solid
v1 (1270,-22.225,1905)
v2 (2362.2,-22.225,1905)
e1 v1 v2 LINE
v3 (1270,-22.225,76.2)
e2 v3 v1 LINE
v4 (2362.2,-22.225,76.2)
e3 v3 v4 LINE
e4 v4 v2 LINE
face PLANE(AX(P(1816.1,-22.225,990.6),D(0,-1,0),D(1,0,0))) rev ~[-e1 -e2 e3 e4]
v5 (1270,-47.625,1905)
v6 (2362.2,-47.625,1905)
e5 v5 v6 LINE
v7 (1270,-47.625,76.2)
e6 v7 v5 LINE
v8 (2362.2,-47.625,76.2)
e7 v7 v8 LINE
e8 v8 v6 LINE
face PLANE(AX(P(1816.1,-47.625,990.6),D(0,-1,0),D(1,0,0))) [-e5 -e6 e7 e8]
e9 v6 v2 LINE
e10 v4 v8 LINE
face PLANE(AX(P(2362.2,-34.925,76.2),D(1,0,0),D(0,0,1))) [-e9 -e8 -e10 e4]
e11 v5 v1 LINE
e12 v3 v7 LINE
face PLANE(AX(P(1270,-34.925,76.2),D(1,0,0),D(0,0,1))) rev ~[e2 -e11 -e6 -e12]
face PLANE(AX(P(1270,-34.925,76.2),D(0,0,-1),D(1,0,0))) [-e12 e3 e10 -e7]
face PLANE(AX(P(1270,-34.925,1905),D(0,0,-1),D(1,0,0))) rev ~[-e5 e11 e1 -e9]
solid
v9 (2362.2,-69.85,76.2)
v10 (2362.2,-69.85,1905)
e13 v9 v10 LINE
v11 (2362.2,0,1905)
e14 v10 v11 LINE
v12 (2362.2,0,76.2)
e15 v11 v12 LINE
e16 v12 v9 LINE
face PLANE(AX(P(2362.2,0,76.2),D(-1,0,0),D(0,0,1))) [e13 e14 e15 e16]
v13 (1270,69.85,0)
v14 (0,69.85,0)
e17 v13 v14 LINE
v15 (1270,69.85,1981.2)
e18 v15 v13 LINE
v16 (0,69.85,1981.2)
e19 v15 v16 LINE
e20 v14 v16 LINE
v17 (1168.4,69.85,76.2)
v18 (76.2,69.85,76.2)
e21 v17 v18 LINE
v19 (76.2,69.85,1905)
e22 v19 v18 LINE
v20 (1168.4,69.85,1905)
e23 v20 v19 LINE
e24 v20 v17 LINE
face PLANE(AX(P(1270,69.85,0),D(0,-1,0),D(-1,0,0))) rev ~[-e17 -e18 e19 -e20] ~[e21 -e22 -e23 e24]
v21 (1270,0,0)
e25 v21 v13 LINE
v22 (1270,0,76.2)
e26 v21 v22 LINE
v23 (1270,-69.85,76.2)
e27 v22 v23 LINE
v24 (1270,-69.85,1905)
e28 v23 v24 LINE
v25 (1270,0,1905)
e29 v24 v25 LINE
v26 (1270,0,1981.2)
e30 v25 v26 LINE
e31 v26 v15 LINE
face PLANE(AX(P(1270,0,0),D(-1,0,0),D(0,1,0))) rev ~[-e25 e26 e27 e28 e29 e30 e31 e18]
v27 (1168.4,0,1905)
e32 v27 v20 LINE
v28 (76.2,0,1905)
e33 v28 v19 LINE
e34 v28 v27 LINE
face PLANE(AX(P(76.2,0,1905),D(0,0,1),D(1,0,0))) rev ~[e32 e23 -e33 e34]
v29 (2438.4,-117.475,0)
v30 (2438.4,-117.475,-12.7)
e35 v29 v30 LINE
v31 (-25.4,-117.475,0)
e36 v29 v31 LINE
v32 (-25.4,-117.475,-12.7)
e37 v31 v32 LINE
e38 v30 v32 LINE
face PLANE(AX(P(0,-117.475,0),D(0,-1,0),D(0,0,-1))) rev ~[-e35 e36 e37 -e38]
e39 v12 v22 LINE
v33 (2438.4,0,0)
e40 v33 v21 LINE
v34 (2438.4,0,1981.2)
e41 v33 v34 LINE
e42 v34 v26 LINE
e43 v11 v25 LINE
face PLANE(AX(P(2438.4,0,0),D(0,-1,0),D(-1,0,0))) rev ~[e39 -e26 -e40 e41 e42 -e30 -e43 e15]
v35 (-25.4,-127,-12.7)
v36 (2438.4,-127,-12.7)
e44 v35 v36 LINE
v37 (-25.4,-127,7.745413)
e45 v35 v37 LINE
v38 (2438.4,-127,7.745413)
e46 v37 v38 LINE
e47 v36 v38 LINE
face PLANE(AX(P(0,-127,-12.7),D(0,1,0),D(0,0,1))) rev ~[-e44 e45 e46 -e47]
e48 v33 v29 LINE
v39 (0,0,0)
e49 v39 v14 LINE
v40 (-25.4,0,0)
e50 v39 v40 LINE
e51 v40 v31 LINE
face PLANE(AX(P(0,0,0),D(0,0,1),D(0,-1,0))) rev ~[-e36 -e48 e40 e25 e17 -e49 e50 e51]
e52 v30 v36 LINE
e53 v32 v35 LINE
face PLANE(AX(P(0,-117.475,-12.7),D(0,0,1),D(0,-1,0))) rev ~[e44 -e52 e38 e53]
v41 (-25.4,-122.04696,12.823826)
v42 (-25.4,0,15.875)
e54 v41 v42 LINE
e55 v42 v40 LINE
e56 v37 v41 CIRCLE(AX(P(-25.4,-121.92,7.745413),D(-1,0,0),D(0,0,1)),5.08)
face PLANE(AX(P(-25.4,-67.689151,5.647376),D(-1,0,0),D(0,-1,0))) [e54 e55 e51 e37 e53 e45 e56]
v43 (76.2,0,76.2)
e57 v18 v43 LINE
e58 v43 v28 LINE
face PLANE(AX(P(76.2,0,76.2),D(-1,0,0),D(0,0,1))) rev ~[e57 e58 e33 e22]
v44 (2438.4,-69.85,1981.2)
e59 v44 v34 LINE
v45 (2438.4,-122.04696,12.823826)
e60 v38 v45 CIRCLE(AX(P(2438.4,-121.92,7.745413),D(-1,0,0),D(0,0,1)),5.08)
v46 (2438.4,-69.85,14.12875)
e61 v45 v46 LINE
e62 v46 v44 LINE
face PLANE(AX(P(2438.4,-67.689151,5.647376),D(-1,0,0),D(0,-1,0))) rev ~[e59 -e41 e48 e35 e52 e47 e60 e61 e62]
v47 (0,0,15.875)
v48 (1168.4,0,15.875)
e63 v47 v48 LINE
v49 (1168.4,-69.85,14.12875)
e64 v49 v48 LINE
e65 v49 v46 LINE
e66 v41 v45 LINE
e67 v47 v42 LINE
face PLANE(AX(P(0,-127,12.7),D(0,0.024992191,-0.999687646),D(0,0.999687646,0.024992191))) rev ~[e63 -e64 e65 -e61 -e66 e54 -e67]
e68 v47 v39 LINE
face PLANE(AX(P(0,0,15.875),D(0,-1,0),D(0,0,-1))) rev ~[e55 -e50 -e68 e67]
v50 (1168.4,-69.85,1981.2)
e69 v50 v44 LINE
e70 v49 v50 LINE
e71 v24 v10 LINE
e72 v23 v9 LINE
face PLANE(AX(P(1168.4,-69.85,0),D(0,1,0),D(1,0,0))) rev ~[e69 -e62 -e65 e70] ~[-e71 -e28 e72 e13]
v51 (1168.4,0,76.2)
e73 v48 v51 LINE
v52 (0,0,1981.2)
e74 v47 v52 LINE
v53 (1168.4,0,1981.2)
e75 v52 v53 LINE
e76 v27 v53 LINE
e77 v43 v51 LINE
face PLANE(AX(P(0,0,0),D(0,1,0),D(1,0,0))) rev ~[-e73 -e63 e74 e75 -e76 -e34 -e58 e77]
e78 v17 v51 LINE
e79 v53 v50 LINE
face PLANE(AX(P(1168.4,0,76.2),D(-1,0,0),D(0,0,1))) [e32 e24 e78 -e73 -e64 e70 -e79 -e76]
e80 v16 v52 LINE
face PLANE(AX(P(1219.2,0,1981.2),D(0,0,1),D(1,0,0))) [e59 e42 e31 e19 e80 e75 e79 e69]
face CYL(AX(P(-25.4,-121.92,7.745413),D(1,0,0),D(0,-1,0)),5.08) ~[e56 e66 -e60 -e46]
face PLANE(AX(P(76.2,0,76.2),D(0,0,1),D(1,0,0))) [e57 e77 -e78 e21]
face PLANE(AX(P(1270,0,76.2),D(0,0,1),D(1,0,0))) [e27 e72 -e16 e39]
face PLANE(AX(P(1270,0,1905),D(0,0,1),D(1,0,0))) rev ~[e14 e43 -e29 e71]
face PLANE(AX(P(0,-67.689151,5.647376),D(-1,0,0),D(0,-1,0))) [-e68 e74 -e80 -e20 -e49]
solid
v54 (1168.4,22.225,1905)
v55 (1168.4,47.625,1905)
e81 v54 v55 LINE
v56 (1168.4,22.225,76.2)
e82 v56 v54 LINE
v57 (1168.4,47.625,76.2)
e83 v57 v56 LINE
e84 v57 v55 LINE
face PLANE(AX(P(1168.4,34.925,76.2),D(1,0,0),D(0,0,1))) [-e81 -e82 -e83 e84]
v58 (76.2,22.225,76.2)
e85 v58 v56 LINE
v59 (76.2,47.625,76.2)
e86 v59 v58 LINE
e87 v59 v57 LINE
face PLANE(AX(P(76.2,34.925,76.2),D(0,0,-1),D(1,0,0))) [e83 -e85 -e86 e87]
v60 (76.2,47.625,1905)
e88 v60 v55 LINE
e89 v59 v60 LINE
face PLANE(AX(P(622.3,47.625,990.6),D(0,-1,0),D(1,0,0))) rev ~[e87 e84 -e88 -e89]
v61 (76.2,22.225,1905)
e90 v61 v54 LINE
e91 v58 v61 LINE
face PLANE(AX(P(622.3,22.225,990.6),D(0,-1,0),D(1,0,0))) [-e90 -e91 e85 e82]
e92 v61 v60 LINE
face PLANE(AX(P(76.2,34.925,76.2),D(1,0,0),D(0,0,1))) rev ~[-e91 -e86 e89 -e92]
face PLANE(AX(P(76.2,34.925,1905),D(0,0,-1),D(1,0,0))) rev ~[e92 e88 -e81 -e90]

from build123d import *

# Parameters (mm, degrees)
F1_DEPTH       = 1981.2
F2_W           = 1092.2
F2_H           = 1828.8
F3_DEPTH       = 76.2
F3_DEPTH_BACK  = 76.2
F6_W           = 1092.2
F6_H           = 1828.8
F7_DEPTH       = 12.7
F9_W           = 1092.2
F9_H           = 1828.8
F10_DEPTH      = 12.7
F12_DEPTH      = 2438.4
F12_DEPTH_BACK = 25.4
F13_R          = 5.08


with BuildPart() as f1:
    # F0 (on Top) → F1 (new body)
    with BuildSketch(Plane.XY):
        Polygon((0, 69.85), (0, 0), (1168.4, 0), (1168.4, -69.85), (2438.4, -69.85), (2438.4, 0), (1270, 0), (1270, 69.85), align=None)
    extrude(amount=F1_DEPTH)


with BuildPart() as f3:
    # F2 (on face) → F3 (new body, two sides)
    with BuildSketch(Plane.XZ) as f3_sk:
        with Locations((622.3, 990.6)):
            Rectangle(F2_W, F2_H)
    extrude(amount=-F3_DEPTH)
    extrude(f3_sk.sketch, amount=F3_DEPTH_BACK)


with BuildPart() as f3b:
    # F2 (on face) → F3, piece 2 (new body, two sides)
    with BuildSketch(Plane.XZ) as f3_2_sk:
        with Locations((1816.1, 990.6)):
            Rectangle(F2_W, F2_H)
    extrude(amount=-F3_DEPTH)
    extrude(f3_2_sk.sketch, amount=F3_DEPTH_BACK)


with BuildPart() as f1_1:
    add(f1.part)

    # F4: cut F3, F3b
    add(f3.part, mode=Mode.SUBTRACT)
    add(f3b.part, mode=Mode.SUBTRACT)

    # F11 (on face) → F12 (join, two sides)
    with BuildSketch(Plane(origin=(0, 0, 0), x_dir=(0, -1, 0), z_dir=(-1, 0, 0))) as f12_sk:
        Polygon((0, 15.875), (0, 0), (117.475, 0), (117.475, -12.7), (127, -12.7), (127, 12.7), align=None)
    extrude(amount=-F12_DEPTH)
    extrude(f12_sk.sketch, amount=F12_DEPTH_BACK)

    # F13
    f13_edges = [f1_1.edges().sort_by_distance(p)[0] for p in [
        (1206.5, -127, 12.7),
    ]]
    fillet(f13_edges, radius=F13_R)


with BuildPart() as f7:
    # F6 (on offset) → F7 (new body, symmetric)
    with BuildSketch(Plane.XZ.offset(-34.925)):
        with Locations((622.3, 990.6)):
            Rectangle(F6_W, F6_H)
    extrude(amount=F7_DEPTH, both=True)


with BuildPart() as f10:
    # F9 (on offset) → F10 (new body, symmetric)
    with BuildSketch(Plane.XZ.offset(34.925)):
        with Locations((1816.1, 990.6)):
            Rectangle(F9_W, F9_H)
    extrude(amount=F10_DEPTH, both=True)


solid = Compound([f1_1.part, f7.part, f10.part])
